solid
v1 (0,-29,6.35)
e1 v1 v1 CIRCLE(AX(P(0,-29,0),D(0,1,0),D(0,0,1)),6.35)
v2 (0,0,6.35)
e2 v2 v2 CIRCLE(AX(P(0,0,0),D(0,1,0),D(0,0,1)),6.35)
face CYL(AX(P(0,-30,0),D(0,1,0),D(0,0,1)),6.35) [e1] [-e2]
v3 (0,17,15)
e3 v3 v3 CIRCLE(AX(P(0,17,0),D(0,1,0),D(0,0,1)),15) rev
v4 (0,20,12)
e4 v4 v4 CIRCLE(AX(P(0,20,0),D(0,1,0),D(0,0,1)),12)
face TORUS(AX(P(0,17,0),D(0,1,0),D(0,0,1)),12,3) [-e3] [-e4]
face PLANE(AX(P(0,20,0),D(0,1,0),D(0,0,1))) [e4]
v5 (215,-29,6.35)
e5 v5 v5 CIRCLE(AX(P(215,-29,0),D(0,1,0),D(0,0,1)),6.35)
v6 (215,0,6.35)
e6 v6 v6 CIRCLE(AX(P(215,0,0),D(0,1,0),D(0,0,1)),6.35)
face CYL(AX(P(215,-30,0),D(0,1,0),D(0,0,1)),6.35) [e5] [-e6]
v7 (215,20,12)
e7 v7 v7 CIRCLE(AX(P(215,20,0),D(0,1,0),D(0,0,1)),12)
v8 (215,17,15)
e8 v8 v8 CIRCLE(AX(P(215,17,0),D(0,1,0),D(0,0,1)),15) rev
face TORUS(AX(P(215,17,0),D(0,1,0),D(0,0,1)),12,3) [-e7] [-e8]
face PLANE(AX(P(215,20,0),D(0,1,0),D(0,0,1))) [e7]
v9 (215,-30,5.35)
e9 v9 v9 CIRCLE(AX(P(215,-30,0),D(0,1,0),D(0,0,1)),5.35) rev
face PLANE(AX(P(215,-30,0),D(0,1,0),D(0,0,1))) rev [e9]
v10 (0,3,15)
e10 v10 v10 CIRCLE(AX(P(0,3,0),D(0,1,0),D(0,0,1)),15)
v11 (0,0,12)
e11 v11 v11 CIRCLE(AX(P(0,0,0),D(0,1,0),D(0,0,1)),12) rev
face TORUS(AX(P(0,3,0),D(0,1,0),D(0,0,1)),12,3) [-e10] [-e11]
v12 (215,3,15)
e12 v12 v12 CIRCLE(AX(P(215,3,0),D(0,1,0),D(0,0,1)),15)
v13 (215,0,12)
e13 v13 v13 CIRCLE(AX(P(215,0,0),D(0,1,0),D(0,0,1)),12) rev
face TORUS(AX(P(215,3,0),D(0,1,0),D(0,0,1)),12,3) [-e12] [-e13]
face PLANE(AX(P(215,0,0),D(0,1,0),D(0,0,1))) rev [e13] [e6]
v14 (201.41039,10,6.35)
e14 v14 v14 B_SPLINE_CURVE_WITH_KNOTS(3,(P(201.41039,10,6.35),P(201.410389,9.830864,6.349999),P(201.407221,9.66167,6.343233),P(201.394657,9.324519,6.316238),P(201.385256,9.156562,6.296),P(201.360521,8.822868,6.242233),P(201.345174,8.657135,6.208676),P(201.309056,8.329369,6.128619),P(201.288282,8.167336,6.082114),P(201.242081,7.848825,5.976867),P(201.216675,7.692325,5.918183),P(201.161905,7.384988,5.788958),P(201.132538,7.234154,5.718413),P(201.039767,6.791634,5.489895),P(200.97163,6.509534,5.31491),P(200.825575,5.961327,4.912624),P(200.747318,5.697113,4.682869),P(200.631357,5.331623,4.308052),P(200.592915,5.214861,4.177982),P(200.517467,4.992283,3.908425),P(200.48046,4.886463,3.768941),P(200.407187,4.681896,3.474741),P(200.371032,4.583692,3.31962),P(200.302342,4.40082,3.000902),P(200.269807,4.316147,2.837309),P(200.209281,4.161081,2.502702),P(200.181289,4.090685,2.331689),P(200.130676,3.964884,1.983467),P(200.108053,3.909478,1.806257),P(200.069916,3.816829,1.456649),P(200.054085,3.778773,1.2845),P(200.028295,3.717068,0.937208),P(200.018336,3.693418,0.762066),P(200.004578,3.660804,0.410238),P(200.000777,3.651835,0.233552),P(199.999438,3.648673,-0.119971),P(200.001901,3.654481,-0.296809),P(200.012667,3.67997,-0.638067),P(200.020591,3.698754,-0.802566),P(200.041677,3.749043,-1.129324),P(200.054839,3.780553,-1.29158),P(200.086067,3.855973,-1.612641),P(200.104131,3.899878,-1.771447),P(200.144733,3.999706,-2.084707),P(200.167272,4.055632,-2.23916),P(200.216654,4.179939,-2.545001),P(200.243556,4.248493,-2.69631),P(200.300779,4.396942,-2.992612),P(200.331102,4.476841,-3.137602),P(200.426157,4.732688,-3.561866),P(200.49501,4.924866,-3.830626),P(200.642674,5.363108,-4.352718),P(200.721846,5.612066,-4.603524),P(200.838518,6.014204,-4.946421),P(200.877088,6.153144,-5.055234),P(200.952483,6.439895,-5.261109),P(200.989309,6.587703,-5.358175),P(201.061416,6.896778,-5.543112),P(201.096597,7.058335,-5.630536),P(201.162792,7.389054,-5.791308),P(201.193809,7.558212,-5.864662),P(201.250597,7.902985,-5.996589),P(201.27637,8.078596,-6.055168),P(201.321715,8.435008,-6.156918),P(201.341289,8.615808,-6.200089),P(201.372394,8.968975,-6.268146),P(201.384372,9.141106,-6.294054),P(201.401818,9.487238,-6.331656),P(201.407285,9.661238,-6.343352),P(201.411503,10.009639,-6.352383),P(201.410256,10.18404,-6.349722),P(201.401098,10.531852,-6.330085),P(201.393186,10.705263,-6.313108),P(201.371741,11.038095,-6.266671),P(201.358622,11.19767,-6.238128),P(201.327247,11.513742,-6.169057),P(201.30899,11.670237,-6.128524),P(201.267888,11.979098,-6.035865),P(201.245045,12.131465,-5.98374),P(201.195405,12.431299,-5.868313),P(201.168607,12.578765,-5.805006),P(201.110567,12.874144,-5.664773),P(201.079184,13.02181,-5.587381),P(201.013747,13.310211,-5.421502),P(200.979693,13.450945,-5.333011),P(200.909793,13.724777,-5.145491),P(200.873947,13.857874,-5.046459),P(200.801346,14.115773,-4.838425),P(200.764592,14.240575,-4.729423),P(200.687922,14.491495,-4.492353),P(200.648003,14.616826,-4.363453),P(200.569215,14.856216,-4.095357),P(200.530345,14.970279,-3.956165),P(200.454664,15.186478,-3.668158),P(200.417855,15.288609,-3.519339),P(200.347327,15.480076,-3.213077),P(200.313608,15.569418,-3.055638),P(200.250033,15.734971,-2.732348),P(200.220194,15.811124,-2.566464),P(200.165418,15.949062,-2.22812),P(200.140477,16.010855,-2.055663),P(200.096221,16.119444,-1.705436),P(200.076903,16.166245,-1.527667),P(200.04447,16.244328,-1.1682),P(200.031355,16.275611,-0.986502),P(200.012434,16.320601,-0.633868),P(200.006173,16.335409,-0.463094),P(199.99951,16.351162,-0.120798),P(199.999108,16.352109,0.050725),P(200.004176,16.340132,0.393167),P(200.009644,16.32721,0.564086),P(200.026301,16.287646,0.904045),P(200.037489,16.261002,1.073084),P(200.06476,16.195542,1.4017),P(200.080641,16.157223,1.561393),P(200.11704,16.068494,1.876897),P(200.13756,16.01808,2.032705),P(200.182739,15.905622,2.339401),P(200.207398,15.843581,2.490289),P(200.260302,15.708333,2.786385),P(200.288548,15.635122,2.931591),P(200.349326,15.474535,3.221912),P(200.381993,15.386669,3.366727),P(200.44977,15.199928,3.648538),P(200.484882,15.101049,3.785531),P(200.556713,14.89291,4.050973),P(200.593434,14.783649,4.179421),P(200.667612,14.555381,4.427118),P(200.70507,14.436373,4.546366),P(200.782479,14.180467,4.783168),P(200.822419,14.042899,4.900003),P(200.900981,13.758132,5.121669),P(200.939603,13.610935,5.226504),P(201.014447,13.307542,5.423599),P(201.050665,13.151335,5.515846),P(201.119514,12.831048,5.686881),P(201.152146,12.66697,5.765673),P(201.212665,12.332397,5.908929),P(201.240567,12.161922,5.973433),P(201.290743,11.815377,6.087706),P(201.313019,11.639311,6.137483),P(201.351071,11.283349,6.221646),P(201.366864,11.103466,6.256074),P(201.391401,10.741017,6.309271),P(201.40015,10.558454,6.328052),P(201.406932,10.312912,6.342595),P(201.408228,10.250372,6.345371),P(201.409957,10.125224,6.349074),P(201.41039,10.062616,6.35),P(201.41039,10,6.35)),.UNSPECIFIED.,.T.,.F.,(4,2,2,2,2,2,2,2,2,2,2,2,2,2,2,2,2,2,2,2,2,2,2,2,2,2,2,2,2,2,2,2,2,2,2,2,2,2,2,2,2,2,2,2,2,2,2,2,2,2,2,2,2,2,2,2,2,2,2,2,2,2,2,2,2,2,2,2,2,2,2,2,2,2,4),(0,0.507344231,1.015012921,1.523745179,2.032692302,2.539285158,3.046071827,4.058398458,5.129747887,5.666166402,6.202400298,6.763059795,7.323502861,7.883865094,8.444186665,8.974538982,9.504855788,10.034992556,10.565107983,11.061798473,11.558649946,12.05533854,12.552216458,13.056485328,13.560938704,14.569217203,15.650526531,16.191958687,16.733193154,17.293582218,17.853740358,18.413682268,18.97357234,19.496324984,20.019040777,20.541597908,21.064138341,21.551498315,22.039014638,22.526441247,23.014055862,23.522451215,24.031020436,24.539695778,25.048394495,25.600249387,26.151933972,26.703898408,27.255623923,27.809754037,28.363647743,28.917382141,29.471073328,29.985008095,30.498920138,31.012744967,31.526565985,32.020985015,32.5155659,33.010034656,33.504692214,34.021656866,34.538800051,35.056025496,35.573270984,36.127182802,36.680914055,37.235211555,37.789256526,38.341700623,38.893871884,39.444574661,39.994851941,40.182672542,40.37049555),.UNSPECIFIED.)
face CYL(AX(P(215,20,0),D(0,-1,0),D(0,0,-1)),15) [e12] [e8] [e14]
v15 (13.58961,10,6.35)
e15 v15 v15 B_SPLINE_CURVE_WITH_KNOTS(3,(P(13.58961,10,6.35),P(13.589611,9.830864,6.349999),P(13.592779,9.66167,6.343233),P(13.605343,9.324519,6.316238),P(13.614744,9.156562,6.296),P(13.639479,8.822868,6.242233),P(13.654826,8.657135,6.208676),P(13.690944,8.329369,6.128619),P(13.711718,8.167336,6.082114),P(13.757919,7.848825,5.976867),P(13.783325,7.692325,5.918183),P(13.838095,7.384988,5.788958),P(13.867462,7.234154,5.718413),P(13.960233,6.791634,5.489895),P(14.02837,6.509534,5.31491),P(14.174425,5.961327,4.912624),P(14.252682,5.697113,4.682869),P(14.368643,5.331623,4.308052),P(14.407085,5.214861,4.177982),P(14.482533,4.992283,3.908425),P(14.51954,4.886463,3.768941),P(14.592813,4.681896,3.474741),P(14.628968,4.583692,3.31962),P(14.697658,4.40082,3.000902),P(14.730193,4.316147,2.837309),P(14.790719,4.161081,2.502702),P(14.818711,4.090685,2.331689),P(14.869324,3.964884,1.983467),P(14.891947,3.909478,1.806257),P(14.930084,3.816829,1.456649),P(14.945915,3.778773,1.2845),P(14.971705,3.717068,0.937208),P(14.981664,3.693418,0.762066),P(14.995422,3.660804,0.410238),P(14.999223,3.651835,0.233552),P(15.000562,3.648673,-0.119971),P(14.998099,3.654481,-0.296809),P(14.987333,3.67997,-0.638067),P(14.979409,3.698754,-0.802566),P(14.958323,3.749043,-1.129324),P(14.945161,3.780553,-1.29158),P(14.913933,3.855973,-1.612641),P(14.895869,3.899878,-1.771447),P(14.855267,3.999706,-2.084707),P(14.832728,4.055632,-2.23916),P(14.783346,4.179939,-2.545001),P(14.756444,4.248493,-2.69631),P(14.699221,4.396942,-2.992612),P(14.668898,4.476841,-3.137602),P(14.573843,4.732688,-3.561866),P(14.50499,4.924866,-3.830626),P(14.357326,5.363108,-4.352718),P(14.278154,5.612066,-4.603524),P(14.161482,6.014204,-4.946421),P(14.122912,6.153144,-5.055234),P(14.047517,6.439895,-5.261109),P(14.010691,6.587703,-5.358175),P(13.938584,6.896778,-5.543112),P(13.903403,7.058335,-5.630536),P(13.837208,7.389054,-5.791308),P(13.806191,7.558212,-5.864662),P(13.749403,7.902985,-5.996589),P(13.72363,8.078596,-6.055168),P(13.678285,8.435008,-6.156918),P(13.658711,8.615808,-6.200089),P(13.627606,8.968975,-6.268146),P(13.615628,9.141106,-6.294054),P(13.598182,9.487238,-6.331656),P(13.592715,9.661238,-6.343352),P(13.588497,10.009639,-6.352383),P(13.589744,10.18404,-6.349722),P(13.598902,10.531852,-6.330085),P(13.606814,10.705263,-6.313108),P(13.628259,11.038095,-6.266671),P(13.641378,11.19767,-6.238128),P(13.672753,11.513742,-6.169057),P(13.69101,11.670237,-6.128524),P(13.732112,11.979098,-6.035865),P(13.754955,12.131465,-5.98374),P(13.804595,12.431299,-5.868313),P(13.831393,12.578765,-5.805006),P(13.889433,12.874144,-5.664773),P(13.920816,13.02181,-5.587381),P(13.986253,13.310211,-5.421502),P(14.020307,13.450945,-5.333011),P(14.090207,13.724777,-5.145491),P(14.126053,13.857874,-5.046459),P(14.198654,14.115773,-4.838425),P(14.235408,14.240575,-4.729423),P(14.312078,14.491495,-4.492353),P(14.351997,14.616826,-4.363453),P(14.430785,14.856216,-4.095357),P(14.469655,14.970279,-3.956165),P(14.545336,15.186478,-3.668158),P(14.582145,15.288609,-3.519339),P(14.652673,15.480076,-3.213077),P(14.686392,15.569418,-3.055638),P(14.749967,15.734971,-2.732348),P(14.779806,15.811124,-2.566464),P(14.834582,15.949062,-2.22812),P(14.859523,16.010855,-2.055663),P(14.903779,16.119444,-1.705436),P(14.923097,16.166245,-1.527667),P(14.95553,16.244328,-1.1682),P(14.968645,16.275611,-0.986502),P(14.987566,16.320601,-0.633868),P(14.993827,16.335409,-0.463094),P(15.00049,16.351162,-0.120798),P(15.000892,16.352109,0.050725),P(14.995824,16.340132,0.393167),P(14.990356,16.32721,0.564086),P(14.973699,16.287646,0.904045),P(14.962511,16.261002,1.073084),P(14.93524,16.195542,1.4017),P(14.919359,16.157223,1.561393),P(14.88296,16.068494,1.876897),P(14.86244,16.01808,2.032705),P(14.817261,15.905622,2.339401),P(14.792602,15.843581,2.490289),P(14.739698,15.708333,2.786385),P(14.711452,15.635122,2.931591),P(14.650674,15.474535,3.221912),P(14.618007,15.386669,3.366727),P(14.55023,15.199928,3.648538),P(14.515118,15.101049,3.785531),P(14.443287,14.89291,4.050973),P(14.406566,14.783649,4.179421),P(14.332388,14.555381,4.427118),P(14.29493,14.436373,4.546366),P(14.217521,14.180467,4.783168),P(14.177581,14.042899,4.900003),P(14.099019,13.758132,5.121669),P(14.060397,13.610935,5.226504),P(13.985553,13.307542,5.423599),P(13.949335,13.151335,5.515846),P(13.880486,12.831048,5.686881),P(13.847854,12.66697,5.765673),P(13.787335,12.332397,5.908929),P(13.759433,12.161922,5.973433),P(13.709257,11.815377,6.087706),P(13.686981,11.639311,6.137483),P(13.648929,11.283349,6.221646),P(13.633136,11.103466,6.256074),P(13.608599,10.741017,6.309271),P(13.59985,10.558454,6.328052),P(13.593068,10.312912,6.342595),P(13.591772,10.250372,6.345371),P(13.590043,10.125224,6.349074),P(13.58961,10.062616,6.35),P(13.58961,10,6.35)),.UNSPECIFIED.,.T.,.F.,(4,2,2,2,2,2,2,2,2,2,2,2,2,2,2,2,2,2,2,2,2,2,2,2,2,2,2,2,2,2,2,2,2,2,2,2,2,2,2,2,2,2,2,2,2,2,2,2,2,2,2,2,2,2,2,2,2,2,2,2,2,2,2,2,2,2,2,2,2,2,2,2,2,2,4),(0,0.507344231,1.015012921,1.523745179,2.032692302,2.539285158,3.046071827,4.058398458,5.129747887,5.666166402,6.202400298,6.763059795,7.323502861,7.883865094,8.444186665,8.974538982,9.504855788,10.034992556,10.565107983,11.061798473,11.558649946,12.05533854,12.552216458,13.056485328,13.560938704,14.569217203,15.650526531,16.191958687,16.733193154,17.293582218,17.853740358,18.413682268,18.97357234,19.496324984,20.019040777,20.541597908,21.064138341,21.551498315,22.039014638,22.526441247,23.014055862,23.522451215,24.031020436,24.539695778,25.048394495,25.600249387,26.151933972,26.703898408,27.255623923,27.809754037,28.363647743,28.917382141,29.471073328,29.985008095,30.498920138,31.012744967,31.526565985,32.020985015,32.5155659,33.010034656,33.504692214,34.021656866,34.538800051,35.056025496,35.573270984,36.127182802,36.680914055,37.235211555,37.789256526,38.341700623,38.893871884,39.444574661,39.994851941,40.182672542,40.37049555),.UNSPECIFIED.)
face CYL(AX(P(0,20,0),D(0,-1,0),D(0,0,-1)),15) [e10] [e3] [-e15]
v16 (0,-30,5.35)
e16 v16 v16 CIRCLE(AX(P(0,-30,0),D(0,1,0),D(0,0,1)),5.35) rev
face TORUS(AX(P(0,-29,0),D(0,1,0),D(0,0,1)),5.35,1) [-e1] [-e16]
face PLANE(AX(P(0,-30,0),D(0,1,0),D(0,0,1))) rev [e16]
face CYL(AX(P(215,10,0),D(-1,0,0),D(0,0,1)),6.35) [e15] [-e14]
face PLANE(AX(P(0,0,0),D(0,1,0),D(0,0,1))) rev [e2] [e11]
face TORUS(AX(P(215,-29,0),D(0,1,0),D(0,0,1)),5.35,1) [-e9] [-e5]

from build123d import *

# Parameters (mm, degrees)
SKETCH1_R           = 6.35
BOSS_EXTRUDE1_DEPTH = 30
SKETCH2_R           = 15
BOSS_EXTRUDE2_DEPTH = 20
SKETCH4_R           = 6.35
BOSS_EXTRUDE3_DEPTH = 30
SKETCH5_R           = 15
BOSS_EXTRUDE4_DEPTH = 20
SKETCH6_R           = 6.35
BOSS_EXTRUDE5_DEPTH = 215
FILLET1_R           = 3
FILLET2_R           = 1


with BuildPart() as part:
    # Sketch1 → Boss-Extrude1 (new body)
    with BuildSketch(Plane(origin=(0, 0, 0), x_dir=(1, 0, 0), z_dir=(0, 1, 0))):
        with Locations(Location((0, 0, 0), (0, 0, 270))):
            Circle(SKETCH1_R)
    extrude(amount=-BOSS_EXTRUDE1_DEPTH)

    # Sketch2 → Boss-Extrude2 (add)
    with BuildSketch(Plane(origin=(0, 0, 0), x_dir=(1, 0, 0), z_dir=(0, 1, 0))):
        with Locations(Location((0, 0, 0), (0, 0, 270))):
            Circle(SKETCH2_R)
    extrude(amount=BOSS_EXTRUDE2_DEPTH)



with BuildPart() as body_2:
    # Sketch4 → Boss-Extrude3 (new body)
    with BuildSketch(Plane(origin=(0, 0, 0), x_dir=(1, 0, 0), z_dir=(0, 1, 0))):
        with Locations(Location((215, 0, 0), (0, 0, 270))):
            Circle(SKETCH4_R)
    extrude(amount=-BOSS_EXTRUDE3_DEPTH)

    # Sketch5 → Boss-Extrude4 (add)
    with BuildSketch(Plane(origin=(0, 0, 0), x_dir=(1, 0, 0), z_dir=(0, 1, 0))):
        with Locations(Location((215, 0, 0), (0, 0, 270))):
            Circle(SKETCH5_R)
    extrude(amount=BOSS_EXTRUDE4_DEPTH)


with BuildPart() as part_1:
    add(part.part)

    add(body_2.part)  # Boss-Extrude5 merges body 2
    # Sketch6 → Boss-Extrude5 (add)
    with BuildSketch(Plane(origin=(0, 0, 0), x_dir=(0, 0, -1), z_dir=(1, 0, 0))):
        with Locations(Location((0, 10, 0), (0, 0, 180))):
            Circle(SKETCH6_R)
    extrude(amount=BOSS_EXTRUDE5_DEPTH)

    # Fillet1
    fillet1_edges = [part_1.edges().sort_by_distance(p)[0] for p in [
        (215, 0, -15),
        (215, 20, -15),
        (0, 0, -15),
        (0, 20, -15),
    ]]
    fillet(fillet1_edges, radius=FILLET1_R)

    # Fillet2
    fillet2_edges = [part_1.edges().sort_by_distance(p)[0] for p in [
        (215, -30, -6.35),
        (0, -30, -6.35),
    ]]
    fillet(fillet2_edges, radius=FILLET2_R)


solid = part_1.part
